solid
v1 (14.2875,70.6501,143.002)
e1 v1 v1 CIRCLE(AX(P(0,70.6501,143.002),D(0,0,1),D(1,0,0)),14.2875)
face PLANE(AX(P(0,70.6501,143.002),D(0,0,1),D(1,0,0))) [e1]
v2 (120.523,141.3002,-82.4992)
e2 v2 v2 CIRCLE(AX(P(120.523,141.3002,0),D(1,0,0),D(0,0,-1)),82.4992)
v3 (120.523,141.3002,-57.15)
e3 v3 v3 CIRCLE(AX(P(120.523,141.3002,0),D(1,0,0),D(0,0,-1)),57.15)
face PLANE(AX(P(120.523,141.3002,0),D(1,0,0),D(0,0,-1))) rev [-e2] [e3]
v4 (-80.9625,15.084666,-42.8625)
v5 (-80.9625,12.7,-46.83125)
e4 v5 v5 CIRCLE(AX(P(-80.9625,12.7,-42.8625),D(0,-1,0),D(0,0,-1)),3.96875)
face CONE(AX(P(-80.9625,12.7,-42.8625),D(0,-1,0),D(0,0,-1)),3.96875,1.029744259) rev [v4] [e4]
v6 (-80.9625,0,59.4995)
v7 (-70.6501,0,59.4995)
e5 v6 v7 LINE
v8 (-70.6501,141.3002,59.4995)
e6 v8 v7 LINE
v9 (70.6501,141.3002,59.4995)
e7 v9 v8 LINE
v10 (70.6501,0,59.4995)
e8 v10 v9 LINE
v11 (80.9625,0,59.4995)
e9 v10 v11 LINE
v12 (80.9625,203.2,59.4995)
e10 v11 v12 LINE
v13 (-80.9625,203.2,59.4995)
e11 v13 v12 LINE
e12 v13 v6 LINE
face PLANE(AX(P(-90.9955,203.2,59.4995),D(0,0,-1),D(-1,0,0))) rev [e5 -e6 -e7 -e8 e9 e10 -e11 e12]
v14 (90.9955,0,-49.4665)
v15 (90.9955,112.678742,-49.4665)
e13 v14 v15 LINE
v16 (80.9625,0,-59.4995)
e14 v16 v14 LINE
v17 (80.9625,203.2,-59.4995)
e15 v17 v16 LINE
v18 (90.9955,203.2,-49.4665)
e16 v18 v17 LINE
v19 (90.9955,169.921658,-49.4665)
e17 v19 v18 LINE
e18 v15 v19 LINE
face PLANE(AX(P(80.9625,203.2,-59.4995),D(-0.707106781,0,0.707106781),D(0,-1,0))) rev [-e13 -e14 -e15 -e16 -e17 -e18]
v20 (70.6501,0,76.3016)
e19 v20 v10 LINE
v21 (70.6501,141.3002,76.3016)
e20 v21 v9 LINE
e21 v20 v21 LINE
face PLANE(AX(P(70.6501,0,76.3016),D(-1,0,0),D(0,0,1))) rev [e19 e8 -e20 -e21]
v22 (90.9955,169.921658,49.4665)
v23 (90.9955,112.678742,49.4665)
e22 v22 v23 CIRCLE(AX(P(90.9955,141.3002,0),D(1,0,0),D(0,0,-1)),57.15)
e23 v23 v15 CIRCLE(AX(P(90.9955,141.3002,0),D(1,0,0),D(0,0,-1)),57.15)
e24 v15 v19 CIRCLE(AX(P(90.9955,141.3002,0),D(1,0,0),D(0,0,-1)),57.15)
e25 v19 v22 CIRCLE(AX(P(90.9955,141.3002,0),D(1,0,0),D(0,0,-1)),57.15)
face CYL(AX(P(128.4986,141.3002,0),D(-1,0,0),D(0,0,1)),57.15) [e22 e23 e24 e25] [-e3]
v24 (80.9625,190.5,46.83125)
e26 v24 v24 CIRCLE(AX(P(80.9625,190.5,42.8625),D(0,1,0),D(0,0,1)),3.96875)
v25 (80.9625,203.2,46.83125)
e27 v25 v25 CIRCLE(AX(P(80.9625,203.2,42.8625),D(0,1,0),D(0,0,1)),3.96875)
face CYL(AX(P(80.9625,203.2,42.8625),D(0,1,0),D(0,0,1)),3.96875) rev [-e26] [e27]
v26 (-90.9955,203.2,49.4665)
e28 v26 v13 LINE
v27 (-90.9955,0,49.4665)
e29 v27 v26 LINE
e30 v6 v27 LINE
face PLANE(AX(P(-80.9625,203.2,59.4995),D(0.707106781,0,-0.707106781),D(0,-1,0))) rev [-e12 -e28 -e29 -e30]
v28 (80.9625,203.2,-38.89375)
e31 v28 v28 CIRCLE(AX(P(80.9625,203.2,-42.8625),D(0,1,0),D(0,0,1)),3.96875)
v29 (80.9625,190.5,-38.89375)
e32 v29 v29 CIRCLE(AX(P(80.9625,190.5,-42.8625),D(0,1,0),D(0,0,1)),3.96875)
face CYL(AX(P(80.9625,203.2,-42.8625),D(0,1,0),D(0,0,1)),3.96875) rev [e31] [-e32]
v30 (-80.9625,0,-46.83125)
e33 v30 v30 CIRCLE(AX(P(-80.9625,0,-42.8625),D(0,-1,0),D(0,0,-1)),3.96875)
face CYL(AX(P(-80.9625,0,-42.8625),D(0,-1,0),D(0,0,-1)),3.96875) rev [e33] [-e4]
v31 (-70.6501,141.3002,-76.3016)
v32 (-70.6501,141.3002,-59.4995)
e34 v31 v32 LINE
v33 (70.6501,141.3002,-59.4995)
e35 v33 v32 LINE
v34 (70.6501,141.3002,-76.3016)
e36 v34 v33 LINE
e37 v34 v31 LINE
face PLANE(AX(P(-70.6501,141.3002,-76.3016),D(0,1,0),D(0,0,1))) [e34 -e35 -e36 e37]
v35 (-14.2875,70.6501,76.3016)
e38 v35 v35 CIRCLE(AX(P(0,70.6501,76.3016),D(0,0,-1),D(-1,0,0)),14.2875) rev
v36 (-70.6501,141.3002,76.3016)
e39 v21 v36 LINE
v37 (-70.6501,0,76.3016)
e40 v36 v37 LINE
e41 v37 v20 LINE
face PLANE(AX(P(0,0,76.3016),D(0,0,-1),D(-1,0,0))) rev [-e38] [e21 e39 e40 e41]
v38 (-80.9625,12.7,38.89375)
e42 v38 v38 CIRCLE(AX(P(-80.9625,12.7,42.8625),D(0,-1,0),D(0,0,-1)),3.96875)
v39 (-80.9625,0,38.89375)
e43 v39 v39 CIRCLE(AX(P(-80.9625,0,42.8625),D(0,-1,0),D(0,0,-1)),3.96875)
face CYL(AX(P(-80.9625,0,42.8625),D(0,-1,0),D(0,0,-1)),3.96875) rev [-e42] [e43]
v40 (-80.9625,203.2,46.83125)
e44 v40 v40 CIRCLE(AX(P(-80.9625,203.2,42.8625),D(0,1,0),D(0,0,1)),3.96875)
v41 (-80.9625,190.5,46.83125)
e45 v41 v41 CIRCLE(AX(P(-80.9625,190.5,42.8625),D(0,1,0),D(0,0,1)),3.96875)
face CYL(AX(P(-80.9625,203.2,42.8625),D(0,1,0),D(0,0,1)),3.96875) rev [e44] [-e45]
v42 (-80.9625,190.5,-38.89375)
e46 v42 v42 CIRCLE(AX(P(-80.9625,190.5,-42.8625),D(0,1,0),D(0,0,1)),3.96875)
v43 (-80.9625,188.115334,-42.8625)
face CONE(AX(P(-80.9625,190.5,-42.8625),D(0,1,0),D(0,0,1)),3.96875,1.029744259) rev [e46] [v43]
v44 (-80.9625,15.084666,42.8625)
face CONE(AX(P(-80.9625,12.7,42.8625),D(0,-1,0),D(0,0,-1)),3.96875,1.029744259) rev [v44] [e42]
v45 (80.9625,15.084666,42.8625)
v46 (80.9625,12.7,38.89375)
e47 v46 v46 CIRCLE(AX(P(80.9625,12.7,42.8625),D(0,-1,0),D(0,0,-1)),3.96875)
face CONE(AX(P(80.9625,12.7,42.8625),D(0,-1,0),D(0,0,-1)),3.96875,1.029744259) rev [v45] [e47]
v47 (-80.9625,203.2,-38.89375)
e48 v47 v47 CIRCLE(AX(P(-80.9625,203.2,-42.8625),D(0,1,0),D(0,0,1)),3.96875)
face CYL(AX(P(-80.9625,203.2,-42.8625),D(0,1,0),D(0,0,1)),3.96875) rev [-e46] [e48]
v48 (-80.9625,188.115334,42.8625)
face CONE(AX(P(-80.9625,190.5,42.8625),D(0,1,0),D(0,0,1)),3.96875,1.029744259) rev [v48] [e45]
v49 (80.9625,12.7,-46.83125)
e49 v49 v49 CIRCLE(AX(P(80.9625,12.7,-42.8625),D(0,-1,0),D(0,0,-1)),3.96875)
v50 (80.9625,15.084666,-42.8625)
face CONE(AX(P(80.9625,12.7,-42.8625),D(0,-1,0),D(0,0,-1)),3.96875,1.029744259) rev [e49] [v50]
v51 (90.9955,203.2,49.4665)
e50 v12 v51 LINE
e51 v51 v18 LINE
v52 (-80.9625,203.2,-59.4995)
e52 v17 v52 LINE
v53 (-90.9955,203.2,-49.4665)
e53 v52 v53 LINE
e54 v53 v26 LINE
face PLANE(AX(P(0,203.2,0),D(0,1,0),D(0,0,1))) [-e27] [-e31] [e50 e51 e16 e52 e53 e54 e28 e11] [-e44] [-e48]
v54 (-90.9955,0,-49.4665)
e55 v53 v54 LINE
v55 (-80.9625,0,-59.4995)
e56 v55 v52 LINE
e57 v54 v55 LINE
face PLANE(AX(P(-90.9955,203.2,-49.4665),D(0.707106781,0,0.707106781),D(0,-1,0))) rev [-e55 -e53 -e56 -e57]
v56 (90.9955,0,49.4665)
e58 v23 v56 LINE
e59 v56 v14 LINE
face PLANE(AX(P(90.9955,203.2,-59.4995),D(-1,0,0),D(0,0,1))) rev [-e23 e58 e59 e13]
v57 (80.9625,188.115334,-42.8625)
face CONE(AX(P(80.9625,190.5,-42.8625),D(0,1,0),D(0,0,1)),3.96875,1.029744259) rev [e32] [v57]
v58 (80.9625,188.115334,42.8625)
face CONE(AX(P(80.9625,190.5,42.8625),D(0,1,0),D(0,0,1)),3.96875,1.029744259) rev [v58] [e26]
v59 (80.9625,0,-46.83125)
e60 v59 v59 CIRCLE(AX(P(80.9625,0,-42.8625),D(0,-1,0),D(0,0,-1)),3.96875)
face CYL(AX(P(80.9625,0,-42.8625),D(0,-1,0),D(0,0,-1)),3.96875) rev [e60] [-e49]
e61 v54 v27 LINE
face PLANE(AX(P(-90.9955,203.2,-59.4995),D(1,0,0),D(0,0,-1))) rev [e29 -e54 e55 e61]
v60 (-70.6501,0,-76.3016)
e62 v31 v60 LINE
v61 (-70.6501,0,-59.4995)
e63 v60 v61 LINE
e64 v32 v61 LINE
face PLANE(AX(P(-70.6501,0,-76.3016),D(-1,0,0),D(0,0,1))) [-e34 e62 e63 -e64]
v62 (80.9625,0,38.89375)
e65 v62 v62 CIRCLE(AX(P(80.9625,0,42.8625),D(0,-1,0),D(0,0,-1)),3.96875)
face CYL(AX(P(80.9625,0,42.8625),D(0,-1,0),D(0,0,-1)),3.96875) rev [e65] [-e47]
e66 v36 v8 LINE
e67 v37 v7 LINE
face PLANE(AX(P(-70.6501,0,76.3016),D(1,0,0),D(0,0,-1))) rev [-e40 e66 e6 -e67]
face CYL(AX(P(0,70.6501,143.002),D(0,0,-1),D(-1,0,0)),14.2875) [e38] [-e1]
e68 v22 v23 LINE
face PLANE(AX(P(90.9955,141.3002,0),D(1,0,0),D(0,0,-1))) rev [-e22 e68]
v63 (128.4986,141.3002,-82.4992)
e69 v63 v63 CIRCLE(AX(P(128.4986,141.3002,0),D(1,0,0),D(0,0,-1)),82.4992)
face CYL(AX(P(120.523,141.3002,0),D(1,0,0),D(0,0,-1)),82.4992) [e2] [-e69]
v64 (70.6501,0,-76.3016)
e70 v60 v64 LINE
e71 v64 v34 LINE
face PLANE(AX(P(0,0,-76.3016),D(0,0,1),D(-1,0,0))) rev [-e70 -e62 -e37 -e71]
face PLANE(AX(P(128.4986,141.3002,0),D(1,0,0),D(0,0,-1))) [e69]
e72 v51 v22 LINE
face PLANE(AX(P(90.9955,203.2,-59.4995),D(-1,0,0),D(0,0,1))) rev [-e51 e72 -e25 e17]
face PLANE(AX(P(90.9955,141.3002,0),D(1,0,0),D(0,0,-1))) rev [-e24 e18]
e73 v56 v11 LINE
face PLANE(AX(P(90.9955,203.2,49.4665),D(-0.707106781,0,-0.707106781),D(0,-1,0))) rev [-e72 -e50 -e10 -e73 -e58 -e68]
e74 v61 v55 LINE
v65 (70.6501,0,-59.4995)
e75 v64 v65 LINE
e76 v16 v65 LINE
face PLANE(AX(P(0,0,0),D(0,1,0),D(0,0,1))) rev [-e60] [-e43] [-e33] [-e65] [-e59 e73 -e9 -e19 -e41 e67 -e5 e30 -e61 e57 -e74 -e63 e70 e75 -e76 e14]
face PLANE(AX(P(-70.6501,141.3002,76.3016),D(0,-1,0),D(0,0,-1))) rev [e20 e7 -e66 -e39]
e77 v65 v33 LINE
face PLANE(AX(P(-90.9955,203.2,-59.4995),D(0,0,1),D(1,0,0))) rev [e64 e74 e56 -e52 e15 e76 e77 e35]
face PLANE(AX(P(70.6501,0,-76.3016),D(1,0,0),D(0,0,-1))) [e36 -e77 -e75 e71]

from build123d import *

# Parameters (mm, degrees)
SKETCH1_W                                 = 181.991
SKETCH1_H                                 = 118.999
BOSS_EXTRUDE1_DEPTH                       = 203.2
SKETCH2_W                                 = 141.3002
SKETCH2_H                                 = 141.3002
BOSS_EXTRUDE2_DEPTH                       = 16.8021
SKETCH3_R                                 = 14.2875
BOSS_EXTRUDE3_DEPTH                       = 66.7004
TAP_DRILL_FOR_3_8_16_TAP1_D               = 7.9375
TAP_DRILL_FOR_3_8_16_TAP1_DEPTH           = 12.7
TAP_DRILL_FOR_3_8_16_TAP1_TIP             = 2.384665582
TAP_DRILL_FOR_3_8_16_TAP1_ON_FACE_2_D     = 7.9375
TAP_DRILL_FOR_3_8_16_TAP1_ON_FACE_2_DEPTH = 12.7
TAP_DRILL_FOR_3_8_16_TAP1_ON_FACE_2_TIP   = 2.384665582
CHAMFER1_SIZE                             = 10.033
SKETCH7_R                                 = 57.15
BOSS_EXTRUDE4_DEPTH                       = 37.5031
SKETCH8_R                                 = 82.4992
BOSS_EXTRUDE5_DEPTH                       = 7.9756


with BuildPart() as part:
    # Sketch1 → Boss-Extrude1 (new body)
    with BuildSketch(Plane(origin=(0, 0, 0), x_dir=(1, 0, 0), z_dir=(0, 1, 0))):
        Rectangle(SKETCH1_W, SKETCH1_H)
    extrude(amount=BOSS_EXTRUDE1_DEPTH)

    # Sketch2 → Boss-Extrude2 (add)
    with BuildSketch(Plane.XY.offset(59.4995)):
        with Locations((0, 70.6501)):
            Rectangle(SKETCH2_W, SKETCH2_H)
    boss_extrude2 = extrude(amount=BOSS_EXTRUDE2_DEPTH)

    # Sketch3 → Boss-Extrude3 (add)
    with BuildSketch(Plane.XY.offset(76.3016)):
        with Locations(Location((0, 70.6501, 0), (0, 0, 180))):
            Circle(SKETCH3_R)
    extrude(amount=BOSS_EXTRUDE3_DEPTH)

    # Tap Drill for 3/8-16 Tap1
    with Locations(Plane(origin=(-80.9625, 0, -42.8625), x_dir=(0, 0, -1), z_dir=(0, -1, 0))):
        with Locations((0, 0), (-85.725, 0), (-85.725, 161.925), (0, 161.925)):
            Hole(TAP_DRILL_FOR_3_8_16_TAP1_D / 2, depth=TAP_DRILL_FOR_3_8_16_TAP1_DEPTH)
            with Locations((0, 0, -(TAP_DRILL_FOR_3_8_16_TAP1_DEPTH + TAP_DRILL_FOR_3_8_16_TAP1_TIP / 2))):  # 118° drill point
                Cone(0, TAP_DRILL_FOR_3_8_16_TAP1_D / 2, TAP_DRILL_FOR_3_8_16_TAP1_TIP, mode=Mode.SUBTRACT)

    # Tap Drill for 3/8-16 Tap1 on face 2
    with Locations(Plane(origin=(80.9625, 203.2, -42.8625), x_dir=(0, 0, 1), z_dir=(0, 1, 0))):
        with Locations((0, 0), (85.725, 0), (85.725, -161.925), (0, -161.925)):
            Hole(TAP_DRILL_FOR_3_8_16_TAP1_ON_FACE_2_D / 2, depth=TAP_DRILL_FOR_3_8_16_TAP1_ON_FACE_2_DEPTH)
            with Locations((0, 0, -(TAP_DRILL_FOR_3_8_16_TAP1_ON_FACE_2_DEPTH + TAP_DRILL_FOR_3_8_16_TAP1_ON_FACE_2_TIP / 2))):  # 118° drill point
                Cone(0, TAP_DRILL_FOR_3_8_16_TAP1_ON_FACE_2_D / 2, TAP_DRILL_FOR_3_8_16_TAP1_ON_FACE_2_TIP, mode=Mode.SUBTRACT)

    # Chamfer1
    chamfer1_edges = [part.edges().sort_by_distance(p)[0] for p in [
        (90.9955, 101.6, 59.4995),
        (-90.9955, 101.6, 59.4995),
        (-90.9955, 101.6, -59.4995),
        (90.9955, 101.6, -59.4995),
    ]]
    chamfer(chamfer1_edges, length=CHAMFER1_SIZE)

    # Mirror1: Boss-Extrude2 across plane
    add(boss_extrude2.mirror(Plane.XY))

    # Sketch7 → Boss-Extrude4 (add)
    with BuildSketch(Plane(origin=(90.9955, 0, 0), x_dir=(0, 0, -1), z_dir=(1, 0, 0))):
        with Locations(Location((0, 141.3002, 0), (0, 0, 149.946203095))):
            Circle(SKETCH7_R)
    extrude(amount=BOSS_EXTRUDE4_DEPTH)

    # Sketch8 → Boss-Extrude5 (add)
    with BuildSketch(Plane(origin=(128.4986, 0, 0), x_dir=(0, 0, -1), z_dir=(1, 0, 0))):
        with Locations((0, 141.3002)):
            Circle(SKETCH8_R)
    extrude(amount=-BOSS_EXTRUDE5_DEPTH)


solid = part.part
